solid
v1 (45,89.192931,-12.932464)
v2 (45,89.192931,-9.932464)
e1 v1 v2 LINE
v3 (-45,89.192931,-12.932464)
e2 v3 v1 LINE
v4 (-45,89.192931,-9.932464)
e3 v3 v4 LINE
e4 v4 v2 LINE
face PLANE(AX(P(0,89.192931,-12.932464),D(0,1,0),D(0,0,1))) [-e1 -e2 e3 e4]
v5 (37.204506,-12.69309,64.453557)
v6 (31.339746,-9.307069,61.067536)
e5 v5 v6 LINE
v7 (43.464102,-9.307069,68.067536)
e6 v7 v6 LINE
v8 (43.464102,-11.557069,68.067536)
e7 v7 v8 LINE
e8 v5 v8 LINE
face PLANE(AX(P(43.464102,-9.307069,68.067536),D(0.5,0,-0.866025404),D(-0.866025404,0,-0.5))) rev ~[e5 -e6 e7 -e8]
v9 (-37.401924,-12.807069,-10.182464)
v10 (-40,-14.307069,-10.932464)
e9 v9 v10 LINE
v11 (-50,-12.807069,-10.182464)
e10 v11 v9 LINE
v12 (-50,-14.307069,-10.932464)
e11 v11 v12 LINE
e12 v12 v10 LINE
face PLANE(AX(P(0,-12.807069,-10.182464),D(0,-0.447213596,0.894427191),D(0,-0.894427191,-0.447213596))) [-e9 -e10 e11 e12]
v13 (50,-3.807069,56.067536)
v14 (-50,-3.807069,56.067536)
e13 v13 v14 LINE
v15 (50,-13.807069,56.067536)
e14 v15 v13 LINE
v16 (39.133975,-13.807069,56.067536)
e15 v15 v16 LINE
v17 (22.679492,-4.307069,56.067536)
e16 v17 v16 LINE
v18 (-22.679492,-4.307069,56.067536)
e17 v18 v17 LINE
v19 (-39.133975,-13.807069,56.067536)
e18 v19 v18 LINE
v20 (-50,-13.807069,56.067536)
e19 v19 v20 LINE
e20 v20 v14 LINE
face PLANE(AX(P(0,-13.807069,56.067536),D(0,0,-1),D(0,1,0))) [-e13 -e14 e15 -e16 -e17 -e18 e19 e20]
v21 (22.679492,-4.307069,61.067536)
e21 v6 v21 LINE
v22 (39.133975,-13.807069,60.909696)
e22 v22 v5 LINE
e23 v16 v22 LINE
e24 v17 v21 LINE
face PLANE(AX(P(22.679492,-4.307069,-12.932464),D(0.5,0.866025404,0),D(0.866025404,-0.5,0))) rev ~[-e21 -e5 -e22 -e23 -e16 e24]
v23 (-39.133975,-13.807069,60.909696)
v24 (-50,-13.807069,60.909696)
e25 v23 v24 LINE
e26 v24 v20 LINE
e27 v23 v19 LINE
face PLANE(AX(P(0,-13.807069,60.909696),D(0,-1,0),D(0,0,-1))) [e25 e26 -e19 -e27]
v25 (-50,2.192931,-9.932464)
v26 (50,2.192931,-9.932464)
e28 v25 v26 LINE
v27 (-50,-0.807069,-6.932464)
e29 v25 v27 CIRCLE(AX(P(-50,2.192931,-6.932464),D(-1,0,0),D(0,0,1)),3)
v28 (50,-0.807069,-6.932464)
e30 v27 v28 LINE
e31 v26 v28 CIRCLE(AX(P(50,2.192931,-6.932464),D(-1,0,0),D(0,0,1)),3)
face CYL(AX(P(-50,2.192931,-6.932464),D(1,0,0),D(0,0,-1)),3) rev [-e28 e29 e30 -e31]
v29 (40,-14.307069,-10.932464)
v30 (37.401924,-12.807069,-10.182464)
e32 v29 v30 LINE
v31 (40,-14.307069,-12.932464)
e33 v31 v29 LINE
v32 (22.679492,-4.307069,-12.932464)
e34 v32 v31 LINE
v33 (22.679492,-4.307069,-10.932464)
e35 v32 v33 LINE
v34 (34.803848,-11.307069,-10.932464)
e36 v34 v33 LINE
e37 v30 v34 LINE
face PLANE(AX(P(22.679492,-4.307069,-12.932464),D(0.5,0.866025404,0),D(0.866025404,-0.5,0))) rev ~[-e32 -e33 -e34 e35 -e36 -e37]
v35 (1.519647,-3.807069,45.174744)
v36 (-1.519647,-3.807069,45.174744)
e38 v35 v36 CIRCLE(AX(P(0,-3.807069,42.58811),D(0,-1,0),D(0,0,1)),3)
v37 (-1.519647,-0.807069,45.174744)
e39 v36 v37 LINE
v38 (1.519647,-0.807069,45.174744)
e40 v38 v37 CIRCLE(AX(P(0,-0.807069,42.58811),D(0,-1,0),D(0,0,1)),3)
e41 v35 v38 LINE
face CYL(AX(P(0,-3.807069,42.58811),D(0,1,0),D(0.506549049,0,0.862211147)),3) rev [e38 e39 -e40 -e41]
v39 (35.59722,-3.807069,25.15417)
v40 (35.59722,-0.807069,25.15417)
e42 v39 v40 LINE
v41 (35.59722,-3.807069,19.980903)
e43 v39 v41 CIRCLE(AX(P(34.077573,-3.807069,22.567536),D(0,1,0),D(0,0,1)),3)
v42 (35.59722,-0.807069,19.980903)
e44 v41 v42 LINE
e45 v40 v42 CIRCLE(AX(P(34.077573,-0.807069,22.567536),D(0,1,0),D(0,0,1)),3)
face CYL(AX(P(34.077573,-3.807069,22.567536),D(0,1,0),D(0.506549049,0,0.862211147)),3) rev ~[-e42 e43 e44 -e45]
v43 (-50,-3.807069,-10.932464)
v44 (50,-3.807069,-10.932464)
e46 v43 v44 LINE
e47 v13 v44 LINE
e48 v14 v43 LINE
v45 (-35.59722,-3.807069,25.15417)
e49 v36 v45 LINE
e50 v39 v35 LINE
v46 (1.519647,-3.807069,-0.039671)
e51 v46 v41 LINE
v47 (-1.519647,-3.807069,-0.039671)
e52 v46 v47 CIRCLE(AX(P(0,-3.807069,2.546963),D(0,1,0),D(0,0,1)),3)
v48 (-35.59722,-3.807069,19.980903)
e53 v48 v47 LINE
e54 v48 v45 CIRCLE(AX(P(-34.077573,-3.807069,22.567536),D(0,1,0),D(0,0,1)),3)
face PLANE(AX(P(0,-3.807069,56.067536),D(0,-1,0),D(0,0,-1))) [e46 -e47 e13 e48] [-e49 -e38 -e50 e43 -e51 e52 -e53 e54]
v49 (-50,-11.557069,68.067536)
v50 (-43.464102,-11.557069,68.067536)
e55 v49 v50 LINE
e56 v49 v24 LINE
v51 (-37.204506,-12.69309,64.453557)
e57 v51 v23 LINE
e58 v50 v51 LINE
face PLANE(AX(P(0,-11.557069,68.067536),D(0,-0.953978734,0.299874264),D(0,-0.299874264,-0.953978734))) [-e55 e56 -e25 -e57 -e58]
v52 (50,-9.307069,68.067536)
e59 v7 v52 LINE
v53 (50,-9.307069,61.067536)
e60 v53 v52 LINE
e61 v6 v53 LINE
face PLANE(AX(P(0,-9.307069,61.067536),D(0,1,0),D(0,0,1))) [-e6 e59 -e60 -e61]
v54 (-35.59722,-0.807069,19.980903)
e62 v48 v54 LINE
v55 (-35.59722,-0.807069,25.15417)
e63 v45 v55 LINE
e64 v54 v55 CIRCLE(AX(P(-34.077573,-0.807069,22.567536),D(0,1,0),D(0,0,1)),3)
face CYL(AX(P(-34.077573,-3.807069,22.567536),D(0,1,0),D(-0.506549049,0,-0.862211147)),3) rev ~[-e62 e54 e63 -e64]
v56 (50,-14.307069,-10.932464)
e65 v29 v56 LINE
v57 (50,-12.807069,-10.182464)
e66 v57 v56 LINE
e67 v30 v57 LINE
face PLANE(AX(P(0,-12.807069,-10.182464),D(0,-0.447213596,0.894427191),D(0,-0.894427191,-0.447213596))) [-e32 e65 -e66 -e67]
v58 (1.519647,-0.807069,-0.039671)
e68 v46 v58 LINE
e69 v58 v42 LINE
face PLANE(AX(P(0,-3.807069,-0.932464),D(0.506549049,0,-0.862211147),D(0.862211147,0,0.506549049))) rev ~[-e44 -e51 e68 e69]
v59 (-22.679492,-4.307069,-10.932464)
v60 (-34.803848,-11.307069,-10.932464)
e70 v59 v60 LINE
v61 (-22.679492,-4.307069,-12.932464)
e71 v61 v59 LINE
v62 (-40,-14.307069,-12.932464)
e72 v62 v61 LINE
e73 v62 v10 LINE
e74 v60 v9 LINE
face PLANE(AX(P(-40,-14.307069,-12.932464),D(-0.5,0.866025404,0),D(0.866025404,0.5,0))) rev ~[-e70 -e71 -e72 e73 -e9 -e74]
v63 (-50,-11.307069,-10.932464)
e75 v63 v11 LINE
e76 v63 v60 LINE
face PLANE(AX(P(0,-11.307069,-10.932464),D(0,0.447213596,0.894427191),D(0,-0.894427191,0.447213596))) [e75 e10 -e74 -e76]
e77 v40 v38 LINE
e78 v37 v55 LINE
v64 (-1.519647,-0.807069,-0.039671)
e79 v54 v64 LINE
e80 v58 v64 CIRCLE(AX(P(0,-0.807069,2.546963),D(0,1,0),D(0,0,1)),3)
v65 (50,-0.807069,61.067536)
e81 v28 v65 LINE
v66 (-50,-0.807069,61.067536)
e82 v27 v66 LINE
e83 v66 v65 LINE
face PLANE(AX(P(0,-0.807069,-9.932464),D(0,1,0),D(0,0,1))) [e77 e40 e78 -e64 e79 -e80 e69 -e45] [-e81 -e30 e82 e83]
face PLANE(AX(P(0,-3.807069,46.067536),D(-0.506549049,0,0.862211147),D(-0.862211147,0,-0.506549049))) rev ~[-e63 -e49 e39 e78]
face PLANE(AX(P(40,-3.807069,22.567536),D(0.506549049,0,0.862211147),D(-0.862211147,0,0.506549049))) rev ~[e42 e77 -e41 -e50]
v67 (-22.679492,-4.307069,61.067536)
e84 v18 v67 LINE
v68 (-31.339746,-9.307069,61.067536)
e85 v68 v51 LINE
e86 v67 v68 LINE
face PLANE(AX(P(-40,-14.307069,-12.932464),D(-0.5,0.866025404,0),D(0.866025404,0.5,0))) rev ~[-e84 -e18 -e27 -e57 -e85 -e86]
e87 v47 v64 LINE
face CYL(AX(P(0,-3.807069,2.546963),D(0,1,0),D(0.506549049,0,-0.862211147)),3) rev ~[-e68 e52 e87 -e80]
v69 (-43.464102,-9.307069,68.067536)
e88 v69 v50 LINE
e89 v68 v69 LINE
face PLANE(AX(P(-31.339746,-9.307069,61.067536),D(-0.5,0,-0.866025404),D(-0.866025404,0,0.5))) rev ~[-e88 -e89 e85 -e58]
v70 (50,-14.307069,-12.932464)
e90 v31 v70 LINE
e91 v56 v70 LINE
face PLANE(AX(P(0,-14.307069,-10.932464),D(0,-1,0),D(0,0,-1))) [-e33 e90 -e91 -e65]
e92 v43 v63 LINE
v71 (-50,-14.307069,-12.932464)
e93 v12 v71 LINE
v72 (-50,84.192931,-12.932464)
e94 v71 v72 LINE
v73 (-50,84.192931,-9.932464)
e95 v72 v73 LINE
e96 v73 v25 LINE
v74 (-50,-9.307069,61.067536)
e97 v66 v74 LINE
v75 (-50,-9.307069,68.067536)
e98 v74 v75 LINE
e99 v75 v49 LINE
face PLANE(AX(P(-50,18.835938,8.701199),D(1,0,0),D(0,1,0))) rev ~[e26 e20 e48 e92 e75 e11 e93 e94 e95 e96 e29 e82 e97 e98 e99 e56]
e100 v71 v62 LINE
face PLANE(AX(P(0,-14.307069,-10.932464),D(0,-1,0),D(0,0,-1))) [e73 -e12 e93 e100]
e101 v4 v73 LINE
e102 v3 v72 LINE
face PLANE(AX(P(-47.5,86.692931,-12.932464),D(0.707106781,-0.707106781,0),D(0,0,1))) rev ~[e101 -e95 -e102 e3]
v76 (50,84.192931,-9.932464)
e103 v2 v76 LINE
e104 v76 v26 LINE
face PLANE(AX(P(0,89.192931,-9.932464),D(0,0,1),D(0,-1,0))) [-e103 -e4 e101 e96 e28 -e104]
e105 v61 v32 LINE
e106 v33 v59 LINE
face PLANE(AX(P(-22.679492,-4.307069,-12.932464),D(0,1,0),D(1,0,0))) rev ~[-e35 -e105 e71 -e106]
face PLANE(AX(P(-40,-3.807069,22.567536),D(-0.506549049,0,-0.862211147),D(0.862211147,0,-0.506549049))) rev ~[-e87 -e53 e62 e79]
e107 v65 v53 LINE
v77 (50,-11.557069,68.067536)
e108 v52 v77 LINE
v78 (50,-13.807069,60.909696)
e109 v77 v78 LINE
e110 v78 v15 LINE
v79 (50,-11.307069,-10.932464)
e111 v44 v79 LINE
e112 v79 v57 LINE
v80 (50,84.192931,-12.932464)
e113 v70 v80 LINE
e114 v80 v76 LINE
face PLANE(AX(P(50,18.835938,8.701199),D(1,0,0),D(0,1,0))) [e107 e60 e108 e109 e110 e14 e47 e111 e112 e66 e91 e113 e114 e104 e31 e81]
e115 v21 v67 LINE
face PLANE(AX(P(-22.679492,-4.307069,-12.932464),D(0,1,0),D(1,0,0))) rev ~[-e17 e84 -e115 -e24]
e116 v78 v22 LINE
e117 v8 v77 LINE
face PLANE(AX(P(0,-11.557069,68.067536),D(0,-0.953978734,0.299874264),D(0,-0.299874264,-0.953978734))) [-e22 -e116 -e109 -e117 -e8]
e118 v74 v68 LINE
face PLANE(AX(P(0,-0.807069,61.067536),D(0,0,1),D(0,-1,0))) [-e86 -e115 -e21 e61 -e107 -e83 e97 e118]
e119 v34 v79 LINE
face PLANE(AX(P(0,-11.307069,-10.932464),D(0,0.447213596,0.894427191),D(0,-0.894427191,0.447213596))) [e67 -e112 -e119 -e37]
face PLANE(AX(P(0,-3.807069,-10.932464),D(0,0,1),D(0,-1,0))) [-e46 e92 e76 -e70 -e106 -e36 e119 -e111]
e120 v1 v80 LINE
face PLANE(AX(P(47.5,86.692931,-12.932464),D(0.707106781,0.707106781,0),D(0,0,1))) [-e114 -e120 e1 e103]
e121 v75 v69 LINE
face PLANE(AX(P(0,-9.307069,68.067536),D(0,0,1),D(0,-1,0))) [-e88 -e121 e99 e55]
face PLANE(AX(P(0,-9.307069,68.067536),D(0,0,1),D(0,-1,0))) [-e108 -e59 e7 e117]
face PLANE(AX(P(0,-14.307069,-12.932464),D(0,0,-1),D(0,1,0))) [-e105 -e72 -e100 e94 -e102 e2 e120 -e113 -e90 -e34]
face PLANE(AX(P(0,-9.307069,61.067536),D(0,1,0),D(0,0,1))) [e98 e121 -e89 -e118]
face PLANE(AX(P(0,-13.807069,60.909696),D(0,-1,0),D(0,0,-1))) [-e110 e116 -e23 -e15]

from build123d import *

# Parameters (mm, degrees)
F1_DEPTH = 50
F2_SIZE  = 5
F3_R     = 3
F5_DEPTH = 81.001
F7_DEPTH = 3.3870205364
F9_DEPTH = 3
F10_R    = 3


with BuildPart() as f1:
    # F0 (on Right) → F1 (new body, symmetric)
    with BuildSketch(Plane.YZ):
        Polygon((-3.8070693339, 56.0675364137), (-3.8070693339, -10.9324635863), (-11.3070693339, -10.9324635863), (-12.8070693339, -10.1824635863), (-14.3070693339, -10.9324635863), (-14.3070693339, -12.9324635863), (-0.8070693339, -12.9324635863), (89.1929306661, -12.9324635863), (89.1929306661, -9.9324635863), (-0.8070693339, -9.9324635863), (-0.8070693339, 61.0675364137), (-9.3070693339, 61.0675364137), (-9.3070693339, 68.0675364137), (-11.5570693339, 68.0675364137), (-13.8070693339, 60.9096959233), (-13.8070693339, 56.0675364137), align=None)
    extrude(amount=F1_DEPTH, both=True)

    # F2
    f2_edges = [f1.edges().sort_by_distance(p)[0] for p in [
        (50, 89.192931, -11.432464),
        (-50, 89.192931, -11.432464),
    ]]
    chamfer(f2_edges, length=F2_SIZE)

    # F3
    f3_edges = [f1.edges().sort_by_distance(p)[0] for p in [
        (0, -0.807069, -9.932464),
    ]]
    fillet(f3_edges, radius=F3_R)

    # F4 (on face) → F5 (cut, through all)
    with BuildSketch(Plane(origin=(0, 0, -12.9324635863), x_dir=(1, 0, 0), z_dir=(0, 0, -1))):
        Polygon((40, 14.3070693339), (-40, 14.3070693339), (-22.6794919243, 4.3070693339), (0, 4.3070693339), (22.6794919243, 4.3070693339), align=None)
    extrude(amount=-F5_DEPTH, mode=Mode.SUBTRACT)

    # F6 (on face) → F7 (cut, through all)
    with BuildSketch(Plane(origin=(0, -9.3070693339, 0), x_dir=(-1, 0, 0), z_dir=(0, 1, 0))):
        Polygon((-43.4641016151, 68.0675364137), (-31.3397459622, 61.0675364137), (-31.3397459622, 68.0675364137), align=None)
        Polygon((31.3397459622, 68.0675364137), (31.3397459622, 61.0675364137), (43.4641016151, 68.0675364137), align=None)
    extrude(amount=-F7_DEPTH, mode=Mode.SUBTRACT)

    # F8 (on face) → F9 (cut, through all)
    with BuildSketch(Plane.XZ.offset(3.8070693339)):
        Polygon((0, 46.0675364137), (-40, 22.5675364137), (0, -0.9324635863), (40, 22.5675364137), align=None)
    extrude(amount=-F9_DEPTH, mode=Mode.SUBTRACT)

    # F10
    f10_edges = [f1.edges().sort_by_distance(p)[0] for p in [
        (-40, -2.307069, 22.567536),
        (0, -2.307069, 46.067536),
        (40, -2.307069, 22.567536),
        (0, -2.307069, -0.932464),
    ]]
    fillet(f10_edges, radius=F10_R)


solid = f1.part
